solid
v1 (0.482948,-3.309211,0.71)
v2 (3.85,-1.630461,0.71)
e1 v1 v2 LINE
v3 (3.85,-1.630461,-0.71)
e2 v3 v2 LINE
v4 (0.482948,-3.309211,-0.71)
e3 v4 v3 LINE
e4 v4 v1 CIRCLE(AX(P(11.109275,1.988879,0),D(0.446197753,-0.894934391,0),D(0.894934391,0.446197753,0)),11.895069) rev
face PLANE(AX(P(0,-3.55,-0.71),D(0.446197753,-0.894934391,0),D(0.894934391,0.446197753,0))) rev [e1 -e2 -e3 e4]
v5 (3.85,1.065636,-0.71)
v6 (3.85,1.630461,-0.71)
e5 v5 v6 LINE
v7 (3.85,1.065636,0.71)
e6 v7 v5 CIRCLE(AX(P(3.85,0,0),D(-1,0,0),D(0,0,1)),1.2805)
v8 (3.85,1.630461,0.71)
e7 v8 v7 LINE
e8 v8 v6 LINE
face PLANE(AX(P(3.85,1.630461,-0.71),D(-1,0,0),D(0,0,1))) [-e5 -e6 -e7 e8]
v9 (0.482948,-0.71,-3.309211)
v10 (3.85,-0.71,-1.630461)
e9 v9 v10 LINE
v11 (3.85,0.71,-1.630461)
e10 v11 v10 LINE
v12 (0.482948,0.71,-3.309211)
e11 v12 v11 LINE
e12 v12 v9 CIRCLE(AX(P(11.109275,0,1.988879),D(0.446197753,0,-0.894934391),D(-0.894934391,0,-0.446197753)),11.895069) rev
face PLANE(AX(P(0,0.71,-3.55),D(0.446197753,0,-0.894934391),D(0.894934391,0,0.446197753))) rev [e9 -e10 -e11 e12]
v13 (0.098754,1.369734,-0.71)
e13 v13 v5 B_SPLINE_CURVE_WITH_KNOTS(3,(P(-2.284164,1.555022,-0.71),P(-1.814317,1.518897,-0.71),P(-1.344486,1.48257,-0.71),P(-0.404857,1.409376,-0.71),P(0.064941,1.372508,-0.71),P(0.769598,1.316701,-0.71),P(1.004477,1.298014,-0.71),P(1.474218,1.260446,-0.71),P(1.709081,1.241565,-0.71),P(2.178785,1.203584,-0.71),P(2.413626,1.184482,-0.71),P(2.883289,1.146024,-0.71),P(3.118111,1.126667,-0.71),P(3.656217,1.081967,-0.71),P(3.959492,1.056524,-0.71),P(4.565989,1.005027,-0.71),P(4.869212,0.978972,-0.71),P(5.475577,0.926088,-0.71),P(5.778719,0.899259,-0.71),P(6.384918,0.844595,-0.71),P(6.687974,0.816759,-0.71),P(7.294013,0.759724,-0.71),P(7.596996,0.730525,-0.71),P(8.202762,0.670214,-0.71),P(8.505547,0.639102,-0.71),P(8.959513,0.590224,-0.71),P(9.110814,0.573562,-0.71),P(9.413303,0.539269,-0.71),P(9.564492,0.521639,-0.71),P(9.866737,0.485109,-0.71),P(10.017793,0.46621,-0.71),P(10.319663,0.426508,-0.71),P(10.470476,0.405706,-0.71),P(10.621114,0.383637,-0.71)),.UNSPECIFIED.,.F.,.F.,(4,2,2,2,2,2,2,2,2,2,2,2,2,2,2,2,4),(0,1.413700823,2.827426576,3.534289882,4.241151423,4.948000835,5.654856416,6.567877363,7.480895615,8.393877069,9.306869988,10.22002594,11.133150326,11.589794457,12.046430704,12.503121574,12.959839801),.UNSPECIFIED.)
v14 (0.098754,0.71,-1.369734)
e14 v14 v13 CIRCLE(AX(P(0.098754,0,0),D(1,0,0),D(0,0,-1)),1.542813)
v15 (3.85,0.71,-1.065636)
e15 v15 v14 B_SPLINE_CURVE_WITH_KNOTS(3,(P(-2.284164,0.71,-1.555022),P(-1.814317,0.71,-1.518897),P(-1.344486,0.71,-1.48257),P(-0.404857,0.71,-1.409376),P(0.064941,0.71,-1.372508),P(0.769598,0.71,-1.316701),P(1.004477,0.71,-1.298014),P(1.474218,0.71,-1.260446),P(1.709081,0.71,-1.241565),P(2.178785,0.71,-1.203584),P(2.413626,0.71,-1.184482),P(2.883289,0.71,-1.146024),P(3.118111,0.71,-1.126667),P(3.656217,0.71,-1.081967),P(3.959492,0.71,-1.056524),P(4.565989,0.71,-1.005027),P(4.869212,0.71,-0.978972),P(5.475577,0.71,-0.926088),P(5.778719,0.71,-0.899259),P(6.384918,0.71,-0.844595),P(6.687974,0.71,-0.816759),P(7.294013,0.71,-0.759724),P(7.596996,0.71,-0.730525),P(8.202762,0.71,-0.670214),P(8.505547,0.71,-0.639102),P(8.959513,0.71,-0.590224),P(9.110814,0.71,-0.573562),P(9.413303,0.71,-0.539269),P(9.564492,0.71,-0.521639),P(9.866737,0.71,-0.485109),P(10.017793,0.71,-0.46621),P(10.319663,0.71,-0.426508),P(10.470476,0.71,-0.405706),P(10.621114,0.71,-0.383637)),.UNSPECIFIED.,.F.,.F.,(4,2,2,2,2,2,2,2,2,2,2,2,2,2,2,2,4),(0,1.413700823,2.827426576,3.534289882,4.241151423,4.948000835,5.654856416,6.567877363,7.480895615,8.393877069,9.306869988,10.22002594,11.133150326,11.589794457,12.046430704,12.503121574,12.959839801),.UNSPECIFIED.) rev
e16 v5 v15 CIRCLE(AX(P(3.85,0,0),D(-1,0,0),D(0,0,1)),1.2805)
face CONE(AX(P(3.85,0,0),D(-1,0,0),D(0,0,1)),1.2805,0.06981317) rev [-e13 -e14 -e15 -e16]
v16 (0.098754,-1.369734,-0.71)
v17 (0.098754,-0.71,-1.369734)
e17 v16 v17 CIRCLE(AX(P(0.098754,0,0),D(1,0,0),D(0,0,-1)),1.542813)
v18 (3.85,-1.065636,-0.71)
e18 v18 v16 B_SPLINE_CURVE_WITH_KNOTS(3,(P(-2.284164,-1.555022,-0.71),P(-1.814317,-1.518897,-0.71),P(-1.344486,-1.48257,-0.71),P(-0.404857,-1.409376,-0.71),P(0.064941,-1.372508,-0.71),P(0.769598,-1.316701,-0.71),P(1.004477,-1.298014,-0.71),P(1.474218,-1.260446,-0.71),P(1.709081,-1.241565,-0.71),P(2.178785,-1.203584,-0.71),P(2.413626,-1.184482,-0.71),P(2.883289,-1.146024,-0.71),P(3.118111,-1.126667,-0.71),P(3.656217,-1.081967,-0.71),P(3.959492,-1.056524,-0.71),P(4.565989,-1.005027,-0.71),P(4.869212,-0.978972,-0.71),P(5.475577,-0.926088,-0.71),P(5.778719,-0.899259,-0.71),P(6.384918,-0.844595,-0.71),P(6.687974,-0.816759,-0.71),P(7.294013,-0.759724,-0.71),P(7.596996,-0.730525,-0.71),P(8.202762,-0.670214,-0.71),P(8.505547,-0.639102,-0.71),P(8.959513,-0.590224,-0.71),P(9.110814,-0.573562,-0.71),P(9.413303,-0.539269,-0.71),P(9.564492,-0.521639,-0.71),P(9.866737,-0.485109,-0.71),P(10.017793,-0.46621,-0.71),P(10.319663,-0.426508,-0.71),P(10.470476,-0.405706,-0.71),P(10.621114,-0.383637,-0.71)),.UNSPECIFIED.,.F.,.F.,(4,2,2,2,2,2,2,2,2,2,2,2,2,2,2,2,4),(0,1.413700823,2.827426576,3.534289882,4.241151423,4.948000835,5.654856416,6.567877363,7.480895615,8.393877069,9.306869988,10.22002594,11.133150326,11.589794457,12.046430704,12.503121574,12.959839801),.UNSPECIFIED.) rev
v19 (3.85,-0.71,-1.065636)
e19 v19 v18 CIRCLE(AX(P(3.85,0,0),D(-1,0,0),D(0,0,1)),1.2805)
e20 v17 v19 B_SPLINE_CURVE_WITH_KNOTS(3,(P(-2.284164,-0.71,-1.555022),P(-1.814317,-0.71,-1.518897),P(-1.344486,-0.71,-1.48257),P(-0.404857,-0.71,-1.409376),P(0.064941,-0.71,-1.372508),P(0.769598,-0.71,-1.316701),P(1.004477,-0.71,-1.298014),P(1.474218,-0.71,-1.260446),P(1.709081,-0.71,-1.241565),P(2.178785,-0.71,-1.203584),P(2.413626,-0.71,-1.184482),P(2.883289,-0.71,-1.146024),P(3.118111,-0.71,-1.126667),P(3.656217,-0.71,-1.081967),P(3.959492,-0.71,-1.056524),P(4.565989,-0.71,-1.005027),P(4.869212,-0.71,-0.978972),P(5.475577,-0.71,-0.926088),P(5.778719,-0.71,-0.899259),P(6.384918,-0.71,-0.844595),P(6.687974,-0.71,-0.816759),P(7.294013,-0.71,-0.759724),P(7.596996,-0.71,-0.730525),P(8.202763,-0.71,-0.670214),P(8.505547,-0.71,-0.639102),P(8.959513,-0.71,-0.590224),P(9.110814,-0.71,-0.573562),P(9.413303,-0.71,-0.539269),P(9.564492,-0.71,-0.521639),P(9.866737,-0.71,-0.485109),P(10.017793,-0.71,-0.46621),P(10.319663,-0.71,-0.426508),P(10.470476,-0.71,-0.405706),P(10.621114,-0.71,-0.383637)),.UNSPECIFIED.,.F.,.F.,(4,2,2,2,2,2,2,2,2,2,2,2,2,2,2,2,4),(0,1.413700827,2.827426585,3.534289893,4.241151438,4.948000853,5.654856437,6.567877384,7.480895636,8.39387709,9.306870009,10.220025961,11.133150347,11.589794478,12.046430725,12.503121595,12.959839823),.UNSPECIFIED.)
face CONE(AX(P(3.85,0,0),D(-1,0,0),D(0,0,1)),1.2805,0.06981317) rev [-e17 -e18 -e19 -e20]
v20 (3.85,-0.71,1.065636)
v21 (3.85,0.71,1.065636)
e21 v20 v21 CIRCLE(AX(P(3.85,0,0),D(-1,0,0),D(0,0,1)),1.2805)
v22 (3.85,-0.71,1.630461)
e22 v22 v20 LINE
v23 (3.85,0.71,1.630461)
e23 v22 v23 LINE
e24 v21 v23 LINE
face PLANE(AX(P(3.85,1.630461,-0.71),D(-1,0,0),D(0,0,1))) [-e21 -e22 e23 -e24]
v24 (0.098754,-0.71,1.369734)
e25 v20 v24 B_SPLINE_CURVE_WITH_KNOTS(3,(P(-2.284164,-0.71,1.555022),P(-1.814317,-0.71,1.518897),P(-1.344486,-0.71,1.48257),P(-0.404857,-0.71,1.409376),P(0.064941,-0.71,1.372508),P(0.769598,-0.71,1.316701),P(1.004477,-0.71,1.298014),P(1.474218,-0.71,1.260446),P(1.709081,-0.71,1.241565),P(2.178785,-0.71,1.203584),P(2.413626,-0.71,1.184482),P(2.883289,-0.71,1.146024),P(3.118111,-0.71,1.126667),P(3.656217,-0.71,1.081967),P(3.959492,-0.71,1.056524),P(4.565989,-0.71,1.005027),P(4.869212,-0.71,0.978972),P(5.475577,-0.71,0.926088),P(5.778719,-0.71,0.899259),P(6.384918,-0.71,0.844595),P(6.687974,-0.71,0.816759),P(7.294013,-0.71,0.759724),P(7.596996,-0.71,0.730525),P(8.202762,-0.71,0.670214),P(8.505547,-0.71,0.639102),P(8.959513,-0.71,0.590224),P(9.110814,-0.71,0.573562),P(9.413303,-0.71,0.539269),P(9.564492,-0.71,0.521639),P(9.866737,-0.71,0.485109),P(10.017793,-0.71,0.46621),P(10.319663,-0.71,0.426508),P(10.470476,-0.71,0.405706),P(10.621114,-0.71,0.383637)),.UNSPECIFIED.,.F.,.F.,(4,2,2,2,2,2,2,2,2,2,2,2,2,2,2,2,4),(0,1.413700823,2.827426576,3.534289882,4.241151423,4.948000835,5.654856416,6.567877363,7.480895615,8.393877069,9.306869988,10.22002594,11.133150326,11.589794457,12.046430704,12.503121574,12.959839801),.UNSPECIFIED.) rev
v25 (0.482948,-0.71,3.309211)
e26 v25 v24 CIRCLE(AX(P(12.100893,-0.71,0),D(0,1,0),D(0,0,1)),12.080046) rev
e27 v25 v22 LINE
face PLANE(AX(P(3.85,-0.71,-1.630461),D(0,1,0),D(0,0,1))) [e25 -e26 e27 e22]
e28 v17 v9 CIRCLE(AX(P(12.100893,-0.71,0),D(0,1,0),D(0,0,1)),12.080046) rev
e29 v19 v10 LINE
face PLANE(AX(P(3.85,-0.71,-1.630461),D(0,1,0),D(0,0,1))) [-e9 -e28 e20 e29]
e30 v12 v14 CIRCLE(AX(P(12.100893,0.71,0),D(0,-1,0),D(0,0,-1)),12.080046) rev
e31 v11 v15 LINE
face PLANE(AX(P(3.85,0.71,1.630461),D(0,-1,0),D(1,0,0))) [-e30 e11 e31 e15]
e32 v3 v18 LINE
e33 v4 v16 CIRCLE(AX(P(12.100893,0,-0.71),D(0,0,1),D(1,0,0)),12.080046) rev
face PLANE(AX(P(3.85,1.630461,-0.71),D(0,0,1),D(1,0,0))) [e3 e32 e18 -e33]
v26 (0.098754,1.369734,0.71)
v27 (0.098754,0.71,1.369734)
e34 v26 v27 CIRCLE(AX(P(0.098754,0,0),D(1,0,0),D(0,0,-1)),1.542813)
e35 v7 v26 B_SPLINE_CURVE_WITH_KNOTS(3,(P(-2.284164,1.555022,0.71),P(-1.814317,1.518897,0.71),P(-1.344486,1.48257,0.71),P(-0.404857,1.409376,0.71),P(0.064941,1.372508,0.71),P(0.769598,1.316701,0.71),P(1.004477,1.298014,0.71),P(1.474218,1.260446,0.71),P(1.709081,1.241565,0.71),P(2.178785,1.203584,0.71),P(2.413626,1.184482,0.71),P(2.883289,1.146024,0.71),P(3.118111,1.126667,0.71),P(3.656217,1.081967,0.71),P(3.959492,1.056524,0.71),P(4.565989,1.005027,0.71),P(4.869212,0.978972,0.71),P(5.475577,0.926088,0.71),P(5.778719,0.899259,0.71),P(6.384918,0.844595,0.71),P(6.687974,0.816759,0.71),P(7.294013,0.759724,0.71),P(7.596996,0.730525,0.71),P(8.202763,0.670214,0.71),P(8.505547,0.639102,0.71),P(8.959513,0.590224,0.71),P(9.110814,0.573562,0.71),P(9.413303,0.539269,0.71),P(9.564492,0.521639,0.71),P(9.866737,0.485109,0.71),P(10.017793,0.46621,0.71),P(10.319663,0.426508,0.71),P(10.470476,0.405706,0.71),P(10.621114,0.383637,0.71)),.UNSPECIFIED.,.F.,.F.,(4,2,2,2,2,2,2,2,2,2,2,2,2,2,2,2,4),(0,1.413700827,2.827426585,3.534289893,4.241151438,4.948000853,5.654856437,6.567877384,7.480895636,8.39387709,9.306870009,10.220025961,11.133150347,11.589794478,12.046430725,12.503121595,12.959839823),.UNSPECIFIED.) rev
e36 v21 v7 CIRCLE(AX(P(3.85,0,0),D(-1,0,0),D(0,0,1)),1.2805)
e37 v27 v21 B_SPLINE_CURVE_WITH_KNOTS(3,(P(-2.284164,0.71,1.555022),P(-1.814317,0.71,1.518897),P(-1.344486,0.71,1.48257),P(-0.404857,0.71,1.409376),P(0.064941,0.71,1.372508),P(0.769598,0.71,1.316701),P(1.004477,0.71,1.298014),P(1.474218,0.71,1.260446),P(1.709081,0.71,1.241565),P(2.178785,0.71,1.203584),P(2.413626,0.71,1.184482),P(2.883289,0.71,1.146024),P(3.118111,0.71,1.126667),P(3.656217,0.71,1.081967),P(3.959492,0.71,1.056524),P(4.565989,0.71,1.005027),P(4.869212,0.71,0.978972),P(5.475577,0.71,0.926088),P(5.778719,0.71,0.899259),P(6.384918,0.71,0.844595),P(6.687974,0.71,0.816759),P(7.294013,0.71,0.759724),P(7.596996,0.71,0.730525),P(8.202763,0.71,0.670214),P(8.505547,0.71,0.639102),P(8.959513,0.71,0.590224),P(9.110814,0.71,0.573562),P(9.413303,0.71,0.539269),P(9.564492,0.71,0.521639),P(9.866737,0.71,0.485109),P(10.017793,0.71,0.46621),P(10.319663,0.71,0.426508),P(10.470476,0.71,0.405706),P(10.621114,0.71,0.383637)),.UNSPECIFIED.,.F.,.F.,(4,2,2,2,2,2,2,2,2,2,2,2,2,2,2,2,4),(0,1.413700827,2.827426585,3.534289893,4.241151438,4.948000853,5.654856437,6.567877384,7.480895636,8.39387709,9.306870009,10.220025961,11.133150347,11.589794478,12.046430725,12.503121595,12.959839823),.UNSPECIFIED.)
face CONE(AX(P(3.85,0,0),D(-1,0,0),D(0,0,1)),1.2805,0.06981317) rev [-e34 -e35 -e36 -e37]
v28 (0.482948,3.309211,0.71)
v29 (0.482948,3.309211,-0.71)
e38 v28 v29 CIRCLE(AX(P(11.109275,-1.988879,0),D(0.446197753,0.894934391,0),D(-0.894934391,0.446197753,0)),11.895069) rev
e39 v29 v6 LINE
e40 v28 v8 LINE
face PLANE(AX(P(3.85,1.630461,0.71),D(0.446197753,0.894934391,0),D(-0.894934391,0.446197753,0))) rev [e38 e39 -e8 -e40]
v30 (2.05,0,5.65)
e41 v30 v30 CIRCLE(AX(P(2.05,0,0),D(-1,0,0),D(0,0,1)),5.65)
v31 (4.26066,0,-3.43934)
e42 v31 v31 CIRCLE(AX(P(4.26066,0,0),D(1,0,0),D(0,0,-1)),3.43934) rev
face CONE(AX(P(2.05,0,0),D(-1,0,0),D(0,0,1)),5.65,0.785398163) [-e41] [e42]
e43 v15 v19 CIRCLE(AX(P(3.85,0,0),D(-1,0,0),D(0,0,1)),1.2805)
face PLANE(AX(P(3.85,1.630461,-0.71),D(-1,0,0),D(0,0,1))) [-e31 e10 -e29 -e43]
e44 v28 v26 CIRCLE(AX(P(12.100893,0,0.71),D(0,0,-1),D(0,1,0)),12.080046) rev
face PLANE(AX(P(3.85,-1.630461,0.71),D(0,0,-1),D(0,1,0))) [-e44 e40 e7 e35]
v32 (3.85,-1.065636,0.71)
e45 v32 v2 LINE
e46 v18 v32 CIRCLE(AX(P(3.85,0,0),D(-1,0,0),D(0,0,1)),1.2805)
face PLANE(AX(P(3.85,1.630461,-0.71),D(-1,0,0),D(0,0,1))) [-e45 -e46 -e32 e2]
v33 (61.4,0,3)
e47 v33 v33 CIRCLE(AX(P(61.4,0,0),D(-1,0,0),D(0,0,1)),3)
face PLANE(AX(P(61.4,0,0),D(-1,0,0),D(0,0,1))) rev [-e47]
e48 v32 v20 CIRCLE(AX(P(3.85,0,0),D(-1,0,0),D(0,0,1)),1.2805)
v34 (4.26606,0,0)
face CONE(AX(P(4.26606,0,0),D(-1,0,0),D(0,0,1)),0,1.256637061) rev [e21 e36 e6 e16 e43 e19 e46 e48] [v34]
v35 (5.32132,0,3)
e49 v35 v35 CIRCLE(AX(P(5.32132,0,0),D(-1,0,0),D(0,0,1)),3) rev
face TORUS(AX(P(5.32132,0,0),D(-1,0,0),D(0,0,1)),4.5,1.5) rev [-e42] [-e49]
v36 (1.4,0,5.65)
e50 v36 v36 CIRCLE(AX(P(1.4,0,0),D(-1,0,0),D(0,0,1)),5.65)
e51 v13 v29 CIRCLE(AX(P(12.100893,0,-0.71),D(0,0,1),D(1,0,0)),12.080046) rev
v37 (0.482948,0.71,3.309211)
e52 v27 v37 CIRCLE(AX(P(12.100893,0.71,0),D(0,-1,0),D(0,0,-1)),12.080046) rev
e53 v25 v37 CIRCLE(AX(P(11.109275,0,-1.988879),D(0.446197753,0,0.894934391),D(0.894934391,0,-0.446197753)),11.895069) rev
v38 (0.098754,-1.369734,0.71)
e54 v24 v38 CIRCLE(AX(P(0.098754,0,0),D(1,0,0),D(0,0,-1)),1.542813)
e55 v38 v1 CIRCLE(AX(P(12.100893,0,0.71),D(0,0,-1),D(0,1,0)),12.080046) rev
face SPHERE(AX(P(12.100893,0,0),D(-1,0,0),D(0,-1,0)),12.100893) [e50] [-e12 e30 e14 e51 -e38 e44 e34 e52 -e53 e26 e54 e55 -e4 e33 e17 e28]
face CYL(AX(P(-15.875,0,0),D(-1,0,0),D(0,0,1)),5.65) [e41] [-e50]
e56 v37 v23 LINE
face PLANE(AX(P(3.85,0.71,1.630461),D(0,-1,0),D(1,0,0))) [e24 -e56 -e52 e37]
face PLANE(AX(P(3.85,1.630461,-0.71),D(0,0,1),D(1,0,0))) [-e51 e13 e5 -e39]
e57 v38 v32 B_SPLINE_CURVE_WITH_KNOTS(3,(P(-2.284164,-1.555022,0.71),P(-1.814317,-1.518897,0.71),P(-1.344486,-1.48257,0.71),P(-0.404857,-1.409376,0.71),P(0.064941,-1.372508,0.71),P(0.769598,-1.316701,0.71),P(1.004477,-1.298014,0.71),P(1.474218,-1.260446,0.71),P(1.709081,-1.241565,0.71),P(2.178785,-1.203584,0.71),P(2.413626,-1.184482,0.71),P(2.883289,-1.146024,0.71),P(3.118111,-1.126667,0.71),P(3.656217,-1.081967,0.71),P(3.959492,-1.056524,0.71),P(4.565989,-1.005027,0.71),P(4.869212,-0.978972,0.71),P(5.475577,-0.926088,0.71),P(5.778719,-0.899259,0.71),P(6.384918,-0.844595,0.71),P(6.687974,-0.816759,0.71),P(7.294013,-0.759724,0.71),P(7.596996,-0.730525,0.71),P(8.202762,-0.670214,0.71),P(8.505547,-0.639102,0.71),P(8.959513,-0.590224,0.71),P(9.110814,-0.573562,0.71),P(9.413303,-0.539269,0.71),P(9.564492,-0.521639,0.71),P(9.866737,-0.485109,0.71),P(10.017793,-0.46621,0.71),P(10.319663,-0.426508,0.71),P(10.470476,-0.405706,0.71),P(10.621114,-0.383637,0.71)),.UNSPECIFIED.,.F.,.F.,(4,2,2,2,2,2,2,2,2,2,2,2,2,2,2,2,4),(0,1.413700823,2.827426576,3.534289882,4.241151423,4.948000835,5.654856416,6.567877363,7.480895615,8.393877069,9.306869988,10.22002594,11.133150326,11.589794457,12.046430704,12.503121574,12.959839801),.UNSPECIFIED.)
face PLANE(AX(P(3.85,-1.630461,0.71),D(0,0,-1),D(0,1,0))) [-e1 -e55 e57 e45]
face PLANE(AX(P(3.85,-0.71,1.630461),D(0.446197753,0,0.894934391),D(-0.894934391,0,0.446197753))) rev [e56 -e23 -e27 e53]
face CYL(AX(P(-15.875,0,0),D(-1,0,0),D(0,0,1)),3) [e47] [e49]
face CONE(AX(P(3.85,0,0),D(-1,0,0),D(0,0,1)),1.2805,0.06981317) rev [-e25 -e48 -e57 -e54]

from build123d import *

# Parameters (mm, degrees)
FILLET1_R    = 1.5
SKETCH3_W    = 1.42
SKETCH3_H    = 7.1
SKETCH4_W    = 1.42
SKETCH4_H    = 3.26092226
RECPAT_COUNT = 2
RECPAT_ANGLE = 90


with BuildPart() as part:
    # BodySke → Base-Revolve (revolve)
    with BuildSketch(Plane.XY):
        with BuildLine():
            Line((0, 0), (61.4, 0))
            Line((61.4, 0), (61.4, 3))
            Line((61.4, 3), (4.7, 3))
            Line((4.7, 3), (2.05, 5.65))
            Line((2.05, 5.65), (1.4, 5.65))
            ThreePointArc((1.4, 5.65), (0.355213526, 2.910433816), (0, 0))
        make_face()
    revolve(axis=Axis((-15.875, 0, 0), (1, 0, 0)))

    # Fillet1
    fillet1_edges = [part.edges().sort_by_distance(p)[0] for p in [
        (4.7, -3, 0),
    ]]
    fillet(fillet1_edges, radius=FILLET1_R)

    # Sketch3 → Recess section 0
    with BuildSketch(Plane(origin=(0, 0, 0), x_dir=(0, 0, -1), z_dir=(1, 0, 0))):
        Rectangle(SKETCH3_W, SKETCH3_H)
    # Sketch4 → Recess section 1
    with BuildSketch(Plane(origin=(3.85, 0, 0), x_dir=(0, 0, -1), z_dir=(1, 0, 0))):
        Rectangle(SKETCH4_W, SKETCH4_H)
    recess = loft(mode=Mode.SUBTRACT)

    # RecPat: Recess ×2 about axis
    recpat_axis = Axis((0, 0, 0), (1, 0, 0))
    for i in range(1, RECPAT_COUNT):
        add(recess.rotate(recpat_axis, i * RECPAT_ANGLE / (RECPAT_COUNT - 1)), mode=Mode.SUBTRACT)

    # RecCorSke → RecessCore (revolve, cut)
    with BuildSketch(Plane.XY):
        Polygon((0, 0), (0, 1.549718226), (3.85, 1.2805), (4.266059671, 0), align=None)
    revolve(axis=Axis((-3.175, 0, 0), (1, 0, 0)), mode=Mode.SUBTRACT)


solid = part.part
